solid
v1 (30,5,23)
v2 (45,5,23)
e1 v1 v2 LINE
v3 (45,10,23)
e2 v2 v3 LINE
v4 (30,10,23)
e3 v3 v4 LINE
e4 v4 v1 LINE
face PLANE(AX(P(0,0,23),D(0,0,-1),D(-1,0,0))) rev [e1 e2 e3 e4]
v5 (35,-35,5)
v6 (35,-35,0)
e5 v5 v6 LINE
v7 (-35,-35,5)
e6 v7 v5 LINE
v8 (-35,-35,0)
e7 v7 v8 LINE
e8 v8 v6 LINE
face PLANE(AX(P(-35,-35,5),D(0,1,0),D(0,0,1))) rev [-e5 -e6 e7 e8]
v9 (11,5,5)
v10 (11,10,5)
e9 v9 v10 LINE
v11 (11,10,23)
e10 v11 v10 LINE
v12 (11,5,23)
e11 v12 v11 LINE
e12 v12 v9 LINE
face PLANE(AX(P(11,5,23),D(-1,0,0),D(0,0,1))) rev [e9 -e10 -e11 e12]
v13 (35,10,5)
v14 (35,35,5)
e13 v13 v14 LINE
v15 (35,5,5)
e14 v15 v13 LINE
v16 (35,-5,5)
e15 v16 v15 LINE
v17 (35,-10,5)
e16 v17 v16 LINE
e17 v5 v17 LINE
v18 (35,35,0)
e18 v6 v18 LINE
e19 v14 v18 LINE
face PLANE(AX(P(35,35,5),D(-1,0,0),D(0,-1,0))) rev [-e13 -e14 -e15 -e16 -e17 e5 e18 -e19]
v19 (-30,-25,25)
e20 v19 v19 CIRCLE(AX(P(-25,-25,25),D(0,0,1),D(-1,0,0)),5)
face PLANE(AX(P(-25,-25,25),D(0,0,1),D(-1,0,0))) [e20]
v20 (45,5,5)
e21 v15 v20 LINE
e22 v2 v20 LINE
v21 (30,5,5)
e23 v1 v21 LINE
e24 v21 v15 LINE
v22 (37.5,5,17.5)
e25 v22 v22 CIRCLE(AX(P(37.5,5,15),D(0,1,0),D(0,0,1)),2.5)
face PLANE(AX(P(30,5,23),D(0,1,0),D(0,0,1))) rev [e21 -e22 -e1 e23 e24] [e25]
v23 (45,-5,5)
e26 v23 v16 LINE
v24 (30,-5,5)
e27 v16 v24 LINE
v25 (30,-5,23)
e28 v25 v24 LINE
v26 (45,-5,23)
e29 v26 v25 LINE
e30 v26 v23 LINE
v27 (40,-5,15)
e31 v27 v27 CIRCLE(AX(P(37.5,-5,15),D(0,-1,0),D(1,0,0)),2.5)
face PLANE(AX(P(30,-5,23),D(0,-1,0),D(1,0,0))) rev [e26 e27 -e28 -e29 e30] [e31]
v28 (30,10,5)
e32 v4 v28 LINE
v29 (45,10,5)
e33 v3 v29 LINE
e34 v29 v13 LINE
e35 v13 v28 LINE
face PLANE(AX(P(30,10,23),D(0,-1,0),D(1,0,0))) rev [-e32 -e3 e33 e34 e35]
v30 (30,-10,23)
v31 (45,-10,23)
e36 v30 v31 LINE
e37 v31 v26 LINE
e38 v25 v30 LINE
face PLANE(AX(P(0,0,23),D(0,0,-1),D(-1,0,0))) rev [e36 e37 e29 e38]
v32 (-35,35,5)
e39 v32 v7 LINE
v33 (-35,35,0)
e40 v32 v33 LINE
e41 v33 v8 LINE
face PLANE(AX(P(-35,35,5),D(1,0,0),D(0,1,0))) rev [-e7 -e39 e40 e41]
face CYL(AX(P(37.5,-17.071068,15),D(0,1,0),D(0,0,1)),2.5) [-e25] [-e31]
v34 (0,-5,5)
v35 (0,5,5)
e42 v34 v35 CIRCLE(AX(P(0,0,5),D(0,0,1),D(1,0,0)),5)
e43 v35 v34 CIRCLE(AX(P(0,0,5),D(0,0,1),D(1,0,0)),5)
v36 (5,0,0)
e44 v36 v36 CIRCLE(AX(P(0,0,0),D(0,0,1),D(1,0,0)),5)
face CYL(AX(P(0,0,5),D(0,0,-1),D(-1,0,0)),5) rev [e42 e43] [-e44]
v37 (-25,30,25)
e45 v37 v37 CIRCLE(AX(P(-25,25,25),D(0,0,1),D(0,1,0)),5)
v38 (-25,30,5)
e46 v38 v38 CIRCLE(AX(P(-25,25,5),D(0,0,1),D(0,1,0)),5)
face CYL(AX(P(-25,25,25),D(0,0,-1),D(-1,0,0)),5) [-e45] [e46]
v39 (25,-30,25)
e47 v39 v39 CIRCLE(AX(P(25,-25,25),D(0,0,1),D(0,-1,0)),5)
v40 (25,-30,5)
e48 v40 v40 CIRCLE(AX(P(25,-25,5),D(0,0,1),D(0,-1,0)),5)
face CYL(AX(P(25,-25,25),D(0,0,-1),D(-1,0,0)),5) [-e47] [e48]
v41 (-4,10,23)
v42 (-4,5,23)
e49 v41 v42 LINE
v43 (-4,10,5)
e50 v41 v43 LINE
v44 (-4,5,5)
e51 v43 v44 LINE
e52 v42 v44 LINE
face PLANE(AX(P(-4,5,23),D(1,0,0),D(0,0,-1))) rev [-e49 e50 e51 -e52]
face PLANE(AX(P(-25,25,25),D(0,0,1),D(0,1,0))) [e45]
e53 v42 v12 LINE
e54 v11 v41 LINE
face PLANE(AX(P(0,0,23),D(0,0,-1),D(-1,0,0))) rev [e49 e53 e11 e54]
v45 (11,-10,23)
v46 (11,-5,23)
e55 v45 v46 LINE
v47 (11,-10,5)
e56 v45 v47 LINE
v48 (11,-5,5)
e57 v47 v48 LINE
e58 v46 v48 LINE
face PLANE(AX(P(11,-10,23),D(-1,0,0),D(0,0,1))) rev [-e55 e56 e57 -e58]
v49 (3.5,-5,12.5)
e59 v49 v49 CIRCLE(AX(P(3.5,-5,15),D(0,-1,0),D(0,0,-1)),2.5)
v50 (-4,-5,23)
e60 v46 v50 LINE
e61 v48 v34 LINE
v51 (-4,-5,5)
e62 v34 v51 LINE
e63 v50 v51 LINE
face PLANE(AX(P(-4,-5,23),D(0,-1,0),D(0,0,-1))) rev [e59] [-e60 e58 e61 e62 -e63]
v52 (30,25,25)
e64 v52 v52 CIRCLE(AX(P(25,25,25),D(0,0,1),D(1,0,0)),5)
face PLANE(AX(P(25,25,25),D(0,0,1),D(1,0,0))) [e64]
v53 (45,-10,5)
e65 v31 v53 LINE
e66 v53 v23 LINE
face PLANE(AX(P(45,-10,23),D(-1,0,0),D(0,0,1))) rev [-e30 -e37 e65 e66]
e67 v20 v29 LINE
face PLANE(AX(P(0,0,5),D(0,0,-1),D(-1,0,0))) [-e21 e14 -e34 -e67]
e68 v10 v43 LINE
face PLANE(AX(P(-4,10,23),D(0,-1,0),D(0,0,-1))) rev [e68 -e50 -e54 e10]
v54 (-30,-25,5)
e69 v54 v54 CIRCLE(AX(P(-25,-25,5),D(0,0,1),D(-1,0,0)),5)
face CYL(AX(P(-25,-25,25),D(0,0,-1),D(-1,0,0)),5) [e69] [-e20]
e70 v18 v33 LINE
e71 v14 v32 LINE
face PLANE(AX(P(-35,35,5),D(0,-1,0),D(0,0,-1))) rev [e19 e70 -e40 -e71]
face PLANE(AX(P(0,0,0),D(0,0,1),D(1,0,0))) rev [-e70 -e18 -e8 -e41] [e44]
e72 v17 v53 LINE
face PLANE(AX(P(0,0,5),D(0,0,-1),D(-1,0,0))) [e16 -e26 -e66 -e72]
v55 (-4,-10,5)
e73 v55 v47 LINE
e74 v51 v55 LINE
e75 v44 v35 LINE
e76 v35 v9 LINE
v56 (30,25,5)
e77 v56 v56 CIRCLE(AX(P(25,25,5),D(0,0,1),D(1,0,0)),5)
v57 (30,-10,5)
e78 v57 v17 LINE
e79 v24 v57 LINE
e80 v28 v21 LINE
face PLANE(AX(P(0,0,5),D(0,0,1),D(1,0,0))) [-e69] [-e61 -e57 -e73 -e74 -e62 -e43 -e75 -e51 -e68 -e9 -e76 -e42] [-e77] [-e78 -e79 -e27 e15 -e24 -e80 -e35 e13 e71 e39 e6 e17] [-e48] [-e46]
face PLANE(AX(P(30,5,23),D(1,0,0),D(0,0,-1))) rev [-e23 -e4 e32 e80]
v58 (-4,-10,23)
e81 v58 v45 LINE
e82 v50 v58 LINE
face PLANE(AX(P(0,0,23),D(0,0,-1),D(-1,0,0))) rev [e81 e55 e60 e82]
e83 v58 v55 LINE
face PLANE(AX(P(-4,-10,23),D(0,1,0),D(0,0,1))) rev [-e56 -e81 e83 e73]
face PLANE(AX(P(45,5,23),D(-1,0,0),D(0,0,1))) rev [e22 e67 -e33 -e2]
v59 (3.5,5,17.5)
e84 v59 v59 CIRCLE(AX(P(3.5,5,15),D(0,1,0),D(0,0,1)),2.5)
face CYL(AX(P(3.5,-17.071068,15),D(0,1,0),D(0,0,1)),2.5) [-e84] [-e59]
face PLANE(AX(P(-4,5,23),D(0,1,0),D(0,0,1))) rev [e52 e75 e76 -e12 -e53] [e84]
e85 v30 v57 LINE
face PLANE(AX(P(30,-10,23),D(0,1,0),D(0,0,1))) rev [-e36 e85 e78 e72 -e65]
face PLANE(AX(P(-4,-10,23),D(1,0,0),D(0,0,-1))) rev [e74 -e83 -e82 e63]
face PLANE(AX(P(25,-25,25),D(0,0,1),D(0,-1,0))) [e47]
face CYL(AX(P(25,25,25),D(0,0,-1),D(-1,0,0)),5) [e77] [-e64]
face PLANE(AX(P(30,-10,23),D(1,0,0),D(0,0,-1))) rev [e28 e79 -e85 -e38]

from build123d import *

# Parameters (mm, degrees)
SKETCH1_W           = 70
SKETCH1_H           = 70
SKETCH1_R           = 5
BOSS_EXTRUDE1_DEPTH = 5
SKETCH2_R           = 5
BOSS_EXTRUDE2_DEPTH = 20
CIRPATTERN1_COUNT   = 4
SKETCH3_W           = 15
SKETCH3_H           = 5
BOSS_EXTRUDE3_DEPTH = 18
SKETCH4_R           = 2.5
BOSS_EXTRUDE4_DEPTH = 20


with BuildPart() as part:
    # Sketch1 → Boss-Extrude1 (new body)
    with BuildSketch(Plane.XY):
        Rectangle(SKETCH1_W, SKETCH1_H)
        Circle(SKETCH1_R, mode=Mode.SUBTRACT)
    extrude(amount=BOSS_EXTRUDE1_DEPTH)

    # Sketch2 → Boss-Extrude2 (add)
    with BuildSketch(Plane.XY.offset(5)):
        with Locations((25, 25)):
            Circle(SKETCH2_R)
    boss_extrude2 = extrude(amount=BOSS_EXTRUDE2_DEPTH)

    # CirPattern1: Boss-Extrude2 ×4 about axis
    cirpattern1_axis = Axis((0, 0, 0), (0, 0, 1))
    for i in range(1, CIRPATTERN1_COUNT):
        add(boss_extrude2.rotate(cirpattern1_axis, i * 360 / CIRPATTERN1_COUNT))

    # Sketch3 → Boss-Extrude3 (add)
    with BuildSketch(Plane.XY.offset(5)):
        with Locations((3.5, -7.5)):
            Rectangle(SKETCH3_W, SKETCH3_H)
        with Locations((3.5, 7.5)):
            Rectangle(SKETCH3_W, SKETCH3_H)
        with Locations((37.5, -7.5)):
            Rectangle(SKETCH3_W, SKETCH3_H)
        with Locations((37.5, 7.5)):
            Rectangle(SKETCH3_W, SKETCH3_H)
    extrude(amount=BOSS_EXTRUDE3_DEPTH)

    # Sketch4 → Boss-Extrude4 (add)
    with BuildSketch(Plane(origin=(0, 10, 0), x_dir=(1, 0, 0), z_dir=(0, 1, 0))):
        with Locations(Location((3.5, -15, 0), (0, 0, 270))):
            Circle(SKETCH4_R)
        with Locations(Location((37.5, -15, 0), (0, 0, 270))):
            Circle(SKETCH4_R)
    extrude(amount=-BOSS_EXTRUDE4_DEPTH)


solid = part.part
